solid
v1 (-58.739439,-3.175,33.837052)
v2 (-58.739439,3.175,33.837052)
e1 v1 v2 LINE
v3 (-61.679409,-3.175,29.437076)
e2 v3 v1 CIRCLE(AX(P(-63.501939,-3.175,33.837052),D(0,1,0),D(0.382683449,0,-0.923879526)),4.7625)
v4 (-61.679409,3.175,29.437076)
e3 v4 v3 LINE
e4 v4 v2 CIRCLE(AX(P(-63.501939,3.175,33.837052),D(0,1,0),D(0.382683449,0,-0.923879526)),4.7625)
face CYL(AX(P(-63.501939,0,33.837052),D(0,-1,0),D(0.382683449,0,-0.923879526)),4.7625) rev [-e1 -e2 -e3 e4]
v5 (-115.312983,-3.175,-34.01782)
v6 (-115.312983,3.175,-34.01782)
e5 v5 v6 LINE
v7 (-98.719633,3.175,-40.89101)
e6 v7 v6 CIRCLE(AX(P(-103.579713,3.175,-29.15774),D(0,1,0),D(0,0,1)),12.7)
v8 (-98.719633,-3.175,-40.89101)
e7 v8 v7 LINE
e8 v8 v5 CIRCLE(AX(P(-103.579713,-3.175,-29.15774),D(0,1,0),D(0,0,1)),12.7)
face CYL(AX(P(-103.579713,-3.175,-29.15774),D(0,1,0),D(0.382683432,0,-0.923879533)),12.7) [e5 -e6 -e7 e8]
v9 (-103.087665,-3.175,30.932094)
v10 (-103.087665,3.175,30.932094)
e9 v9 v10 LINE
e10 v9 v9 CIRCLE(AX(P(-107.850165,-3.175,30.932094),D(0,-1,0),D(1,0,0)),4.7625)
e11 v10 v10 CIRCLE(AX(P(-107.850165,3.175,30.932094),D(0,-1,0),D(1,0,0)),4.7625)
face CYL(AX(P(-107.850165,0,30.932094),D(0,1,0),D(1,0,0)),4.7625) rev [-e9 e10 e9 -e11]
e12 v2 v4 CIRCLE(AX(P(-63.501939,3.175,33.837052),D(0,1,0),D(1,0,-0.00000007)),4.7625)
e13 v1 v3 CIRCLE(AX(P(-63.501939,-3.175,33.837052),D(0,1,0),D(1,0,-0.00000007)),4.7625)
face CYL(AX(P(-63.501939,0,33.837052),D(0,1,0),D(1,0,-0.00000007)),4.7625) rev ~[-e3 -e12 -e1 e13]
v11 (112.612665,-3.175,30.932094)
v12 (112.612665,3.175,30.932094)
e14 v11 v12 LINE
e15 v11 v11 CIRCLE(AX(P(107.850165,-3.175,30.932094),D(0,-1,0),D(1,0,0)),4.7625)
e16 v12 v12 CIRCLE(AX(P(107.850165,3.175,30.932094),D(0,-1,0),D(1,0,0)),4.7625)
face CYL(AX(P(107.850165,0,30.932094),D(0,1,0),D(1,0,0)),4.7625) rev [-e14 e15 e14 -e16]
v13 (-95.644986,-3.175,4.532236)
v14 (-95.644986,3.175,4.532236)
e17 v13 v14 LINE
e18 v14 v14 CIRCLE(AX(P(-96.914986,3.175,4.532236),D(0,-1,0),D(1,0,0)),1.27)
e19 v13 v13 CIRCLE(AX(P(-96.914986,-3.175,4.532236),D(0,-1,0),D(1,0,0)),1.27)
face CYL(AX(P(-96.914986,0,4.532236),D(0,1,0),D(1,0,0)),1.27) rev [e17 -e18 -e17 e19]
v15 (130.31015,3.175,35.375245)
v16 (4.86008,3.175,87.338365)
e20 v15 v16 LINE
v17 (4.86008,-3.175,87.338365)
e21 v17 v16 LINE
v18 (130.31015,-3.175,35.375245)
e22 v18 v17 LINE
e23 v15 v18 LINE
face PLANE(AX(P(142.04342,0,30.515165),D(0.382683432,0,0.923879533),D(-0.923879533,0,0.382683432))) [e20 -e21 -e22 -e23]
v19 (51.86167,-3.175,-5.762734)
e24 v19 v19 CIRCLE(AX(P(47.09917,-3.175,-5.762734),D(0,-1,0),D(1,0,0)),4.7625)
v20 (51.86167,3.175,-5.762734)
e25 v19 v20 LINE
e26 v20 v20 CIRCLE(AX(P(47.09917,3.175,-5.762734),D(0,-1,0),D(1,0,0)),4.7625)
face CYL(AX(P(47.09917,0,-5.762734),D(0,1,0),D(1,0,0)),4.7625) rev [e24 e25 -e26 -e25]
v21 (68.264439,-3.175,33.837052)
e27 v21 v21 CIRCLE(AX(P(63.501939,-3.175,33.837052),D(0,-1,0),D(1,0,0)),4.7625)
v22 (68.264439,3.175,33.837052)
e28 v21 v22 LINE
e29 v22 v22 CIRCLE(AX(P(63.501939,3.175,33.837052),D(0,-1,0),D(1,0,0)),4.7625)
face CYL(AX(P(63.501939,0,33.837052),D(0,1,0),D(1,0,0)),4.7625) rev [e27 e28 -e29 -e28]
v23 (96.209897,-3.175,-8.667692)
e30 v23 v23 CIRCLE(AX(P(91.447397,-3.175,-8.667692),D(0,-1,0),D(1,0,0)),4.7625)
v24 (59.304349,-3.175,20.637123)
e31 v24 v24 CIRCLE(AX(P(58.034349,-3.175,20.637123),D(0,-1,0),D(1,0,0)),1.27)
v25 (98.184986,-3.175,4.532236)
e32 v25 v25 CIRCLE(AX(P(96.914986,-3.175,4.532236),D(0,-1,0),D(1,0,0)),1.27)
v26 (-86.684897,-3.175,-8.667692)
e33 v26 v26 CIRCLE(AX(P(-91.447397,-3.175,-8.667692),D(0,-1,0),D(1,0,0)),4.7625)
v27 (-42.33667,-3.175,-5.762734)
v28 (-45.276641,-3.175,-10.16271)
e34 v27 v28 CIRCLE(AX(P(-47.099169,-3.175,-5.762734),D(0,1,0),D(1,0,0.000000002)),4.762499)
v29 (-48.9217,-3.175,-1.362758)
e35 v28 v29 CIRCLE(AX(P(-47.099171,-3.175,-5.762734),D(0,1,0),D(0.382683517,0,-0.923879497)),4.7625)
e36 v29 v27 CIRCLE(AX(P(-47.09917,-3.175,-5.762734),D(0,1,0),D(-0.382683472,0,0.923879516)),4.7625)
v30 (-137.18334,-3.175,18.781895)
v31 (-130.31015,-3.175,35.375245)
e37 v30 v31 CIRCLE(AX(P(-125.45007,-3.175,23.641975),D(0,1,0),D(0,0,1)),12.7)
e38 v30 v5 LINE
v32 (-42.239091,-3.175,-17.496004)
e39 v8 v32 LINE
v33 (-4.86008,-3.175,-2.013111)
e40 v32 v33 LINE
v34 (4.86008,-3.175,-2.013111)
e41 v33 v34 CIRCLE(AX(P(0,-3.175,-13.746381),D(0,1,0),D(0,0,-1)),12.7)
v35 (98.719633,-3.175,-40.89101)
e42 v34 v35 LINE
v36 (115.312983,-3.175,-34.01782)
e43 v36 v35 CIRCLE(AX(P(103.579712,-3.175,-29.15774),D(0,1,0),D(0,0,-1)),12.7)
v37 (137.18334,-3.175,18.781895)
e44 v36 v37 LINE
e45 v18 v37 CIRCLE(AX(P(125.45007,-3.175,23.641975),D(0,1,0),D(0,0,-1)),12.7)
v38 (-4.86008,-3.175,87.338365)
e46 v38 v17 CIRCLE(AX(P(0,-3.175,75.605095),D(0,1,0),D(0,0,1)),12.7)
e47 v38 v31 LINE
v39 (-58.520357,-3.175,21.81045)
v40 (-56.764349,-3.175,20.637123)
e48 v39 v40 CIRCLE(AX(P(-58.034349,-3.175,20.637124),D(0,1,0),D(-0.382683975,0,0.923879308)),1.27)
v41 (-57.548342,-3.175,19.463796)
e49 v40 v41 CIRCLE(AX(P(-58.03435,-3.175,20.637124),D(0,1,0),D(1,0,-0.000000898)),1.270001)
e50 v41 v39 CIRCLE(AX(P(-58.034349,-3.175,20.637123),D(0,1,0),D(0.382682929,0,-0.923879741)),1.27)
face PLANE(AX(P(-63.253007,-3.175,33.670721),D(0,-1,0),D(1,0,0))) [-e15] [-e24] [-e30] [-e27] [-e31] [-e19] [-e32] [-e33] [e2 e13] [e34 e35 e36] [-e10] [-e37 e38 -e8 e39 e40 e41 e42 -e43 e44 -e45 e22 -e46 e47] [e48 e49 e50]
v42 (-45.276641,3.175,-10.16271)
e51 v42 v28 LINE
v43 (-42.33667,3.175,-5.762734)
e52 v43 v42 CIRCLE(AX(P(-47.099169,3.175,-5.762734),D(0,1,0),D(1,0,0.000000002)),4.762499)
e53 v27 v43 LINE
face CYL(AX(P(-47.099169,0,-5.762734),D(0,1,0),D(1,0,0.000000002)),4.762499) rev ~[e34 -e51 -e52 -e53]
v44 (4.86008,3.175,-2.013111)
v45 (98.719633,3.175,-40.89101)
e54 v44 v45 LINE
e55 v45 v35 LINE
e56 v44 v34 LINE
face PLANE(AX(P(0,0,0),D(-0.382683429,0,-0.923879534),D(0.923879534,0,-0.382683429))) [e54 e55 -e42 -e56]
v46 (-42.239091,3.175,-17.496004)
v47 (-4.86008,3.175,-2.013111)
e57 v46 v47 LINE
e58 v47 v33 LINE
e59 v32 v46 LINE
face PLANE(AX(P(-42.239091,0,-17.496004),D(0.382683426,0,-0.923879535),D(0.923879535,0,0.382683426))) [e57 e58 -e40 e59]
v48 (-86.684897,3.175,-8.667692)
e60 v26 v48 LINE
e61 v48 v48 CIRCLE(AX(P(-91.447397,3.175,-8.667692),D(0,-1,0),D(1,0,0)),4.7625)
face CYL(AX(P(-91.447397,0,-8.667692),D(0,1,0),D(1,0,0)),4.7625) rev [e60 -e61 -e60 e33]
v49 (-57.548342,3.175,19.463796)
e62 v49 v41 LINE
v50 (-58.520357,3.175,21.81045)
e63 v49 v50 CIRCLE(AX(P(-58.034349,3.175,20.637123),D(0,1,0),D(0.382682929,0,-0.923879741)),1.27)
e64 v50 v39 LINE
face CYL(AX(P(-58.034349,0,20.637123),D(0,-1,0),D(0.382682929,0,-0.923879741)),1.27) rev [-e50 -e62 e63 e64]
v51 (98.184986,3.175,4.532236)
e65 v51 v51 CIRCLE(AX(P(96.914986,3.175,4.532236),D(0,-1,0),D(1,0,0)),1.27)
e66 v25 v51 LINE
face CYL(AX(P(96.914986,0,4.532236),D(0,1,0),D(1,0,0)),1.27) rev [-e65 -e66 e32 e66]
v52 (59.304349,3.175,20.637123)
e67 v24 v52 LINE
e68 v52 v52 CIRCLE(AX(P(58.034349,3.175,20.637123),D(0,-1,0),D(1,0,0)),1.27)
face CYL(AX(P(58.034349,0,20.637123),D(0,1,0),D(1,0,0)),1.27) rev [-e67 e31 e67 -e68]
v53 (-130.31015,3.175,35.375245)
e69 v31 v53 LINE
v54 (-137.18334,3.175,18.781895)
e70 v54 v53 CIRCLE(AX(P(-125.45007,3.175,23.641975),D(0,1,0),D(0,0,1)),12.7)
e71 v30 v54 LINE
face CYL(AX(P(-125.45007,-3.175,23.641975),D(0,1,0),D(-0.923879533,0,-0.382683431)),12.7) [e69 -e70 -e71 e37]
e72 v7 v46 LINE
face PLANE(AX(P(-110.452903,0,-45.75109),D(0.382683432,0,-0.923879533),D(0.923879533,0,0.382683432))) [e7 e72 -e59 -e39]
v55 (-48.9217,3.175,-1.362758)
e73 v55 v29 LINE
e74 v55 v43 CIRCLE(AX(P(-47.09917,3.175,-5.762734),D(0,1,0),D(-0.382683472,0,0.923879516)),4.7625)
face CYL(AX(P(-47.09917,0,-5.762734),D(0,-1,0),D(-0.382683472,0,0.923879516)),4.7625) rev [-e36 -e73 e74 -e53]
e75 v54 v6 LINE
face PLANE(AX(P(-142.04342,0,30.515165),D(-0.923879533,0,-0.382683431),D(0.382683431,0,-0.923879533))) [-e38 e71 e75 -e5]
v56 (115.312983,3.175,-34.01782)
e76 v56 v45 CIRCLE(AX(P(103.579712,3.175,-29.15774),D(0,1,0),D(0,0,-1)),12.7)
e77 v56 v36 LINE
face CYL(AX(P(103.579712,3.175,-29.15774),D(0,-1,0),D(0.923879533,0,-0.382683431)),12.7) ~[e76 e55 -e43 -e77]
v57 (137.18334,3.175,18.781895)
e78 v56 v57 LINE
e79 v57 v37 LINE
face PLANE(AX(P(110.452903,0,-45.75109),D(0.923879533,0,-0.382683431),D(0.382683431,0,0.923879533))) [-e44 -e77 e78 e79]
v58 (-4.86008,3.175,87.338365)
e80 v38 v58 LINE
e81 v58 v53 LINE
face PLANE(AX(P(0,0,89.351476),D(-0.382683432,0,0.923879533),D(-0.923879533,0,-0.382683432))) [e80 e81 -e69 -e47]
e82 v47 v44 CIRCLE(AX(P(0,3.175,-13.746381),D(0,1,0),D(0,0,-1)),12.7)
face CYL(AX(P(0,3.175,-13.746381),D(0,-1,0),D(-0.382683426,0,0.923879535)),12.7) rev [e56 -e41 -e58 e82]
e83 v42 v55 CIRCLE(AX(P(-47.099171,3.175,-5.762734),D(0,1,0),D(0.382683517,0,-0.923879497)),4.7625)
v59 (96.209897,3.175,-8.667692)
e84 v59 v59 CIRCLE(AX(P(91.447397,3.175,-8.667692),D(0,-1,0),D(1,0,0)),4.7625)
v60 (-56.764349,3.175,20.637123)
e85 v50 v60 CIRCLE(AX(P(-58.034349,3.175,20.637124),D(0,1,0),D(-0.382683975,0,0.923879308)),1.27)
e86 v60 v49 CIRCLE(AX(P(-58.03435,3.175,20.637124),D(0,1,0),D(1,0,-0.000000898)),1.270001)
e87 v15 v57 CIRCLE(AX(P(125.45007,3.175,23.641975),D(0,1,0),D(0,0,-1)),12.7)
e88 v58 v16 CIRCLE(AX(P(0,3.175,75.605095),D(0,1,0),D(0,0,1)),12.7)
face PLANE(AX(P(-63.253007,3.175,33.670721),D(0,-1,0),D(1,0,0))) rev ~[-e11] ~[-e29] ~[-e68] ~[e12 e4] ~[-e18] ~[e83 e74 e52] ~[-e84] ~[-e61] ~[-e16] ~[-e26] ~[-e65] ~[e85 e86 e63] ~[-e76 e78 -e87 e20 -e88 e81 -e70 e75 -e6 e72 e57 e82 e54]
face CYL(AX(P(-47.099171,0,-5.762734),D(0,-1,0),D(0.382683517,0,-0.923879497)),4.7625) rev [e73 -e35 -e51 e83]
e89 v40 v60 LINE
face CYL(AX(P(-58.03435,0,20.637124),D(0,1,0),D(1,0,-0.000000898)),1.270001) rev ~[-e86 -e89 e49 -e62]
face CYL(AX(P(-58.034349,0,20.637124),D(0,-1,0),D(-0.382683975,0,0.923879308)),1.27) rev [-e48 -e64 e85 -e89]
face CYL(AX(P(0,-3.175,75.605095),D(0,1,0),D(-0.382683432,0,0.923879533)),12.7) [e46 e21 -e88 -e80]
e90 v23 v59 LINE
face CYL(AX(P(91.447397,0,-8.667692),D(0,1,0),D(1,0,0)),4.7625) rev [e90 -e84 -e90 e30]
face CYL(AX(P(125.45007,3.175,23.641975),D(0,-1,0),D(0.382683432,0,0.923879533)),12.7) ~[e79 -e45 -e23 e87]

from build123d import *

# Parameters (mm, degrees)
F0_R     = 4.7625
F0_R_2   = 1.27
F1_DEPTH = 3.175
F2_R     = 12.7


with BuildPart() as f1:
    # F0 (on Front) → F1 (new body, symmetric)
    with BuildSketch(Plane.XZ):
        with BuildLine():
            ThreePointArc((-58.739439, 33.837052), (-67.461813, 36.482955), (-61.679409, 29.437076))
            ThreePointArc((-61.679409, 29.437076), (-59.542065, 31.191149), (-58.739439, 33.837052))
        make_face()
        Polygon((-42.239091, -17.496004), (0, 0), (0, 89.351476), (-142.04342, 30.515165), (-110.452903, -45.75109), align=None)
        with Locations((-91.447397, -8.667692)):
            Circle(F0_R, mode=Mode.SUBTRACT)
        with Locations((-96.914986, 4.532236)):
            Circle(F0_R_2, mode=Mode.SUBTRACT)
        with BuildLine():
            ThreePointArc((-42.33667, -5.762734), (-43.139296, -8.408637), (-45.276641, -10.16271))
            ThreePointArc((-45.276641, -10.16271), (-51.499147, -7.585264), (-48.9217, -1.362758))
            ThreePointArc((-48.9217, -1.362758), (-44.453267, -1.80286), (-42.33667, -5.762734))
        make_face(mode=Mode.SUBTRACT)
        with BuildLine():
            ThreePointArc((-56.764349, 20.637123), (-56.978383, 19.931549), (-57.548342, 19.463796))
            ThreePointArc((-57.548342, 19.463796), (-59.207676, 20.151115), (-58.520357, 21.81045))
            ThreePointArc((-58.520357, 21.81045), (-57.328775, 21.69309), (-56.764349, 20.637123))
        make_face(mode=Mode.SUBTRACT)
        with Locations((-107.850165, 30.932094)):
            Circle(F0_R, mode=Mode.SUBTRACT)
        with BuildLine():
            ThreePointArc((-58.739439, 33.837052), (-59.542065, 31.191149), (-61.679409, 29.437076))
            ThreePointArc((-61.679409, 29.437076), (-67.461813, 36.482955), (-58.739439, 33.837052))
        make_face(mode=Mode.SUBTRACT)
        Polygon((0, 89.351476), (0, 0), (110.452903, -45.75109), (142.04342, 30.515165), align=None)
        with Locations((47.09917, -5.762734)):
            Circle(F0_R, mode=Mode.SUBTRACT)
        with Locations((58.034349, 20.637123)):
            Circle(F0_R_2, mode=Mode.SUBTRACT)
        with Locations((91.447397, -8.667692)):
            Circle(F0_R, mode=Mode.SUBTRACT)
        with Locations((96.914986, 4.532236)):
            Circle(F0_R_2, mode=Mode.SUBTRACT)
        with Locations((63.501939, 33.837052)):
            Circle(F0_R, mode=Mode.SUBTRACT)
        with Locations((107.850165, 30.932094)):
            Circle(F0_R, mode=Mode.SUBTRACT)
    extrude(amount=F1_DEPTH, both=True)

    # F2
    f2_edges = [f1.edges().sort_by_distance(p)[0] for p in [
        (-142.04342, 0, 30.515165),
        (0, 0, 89.351476),
        (0, 0, 0),
        (110.452903, 0, -45.75109),
        (142.04342, 0, 30.515165),
        (-110.452903, 0, -45.75109),
    ]]
    fillet(f2_edges, radius=F2_R)


solid = f1.part
